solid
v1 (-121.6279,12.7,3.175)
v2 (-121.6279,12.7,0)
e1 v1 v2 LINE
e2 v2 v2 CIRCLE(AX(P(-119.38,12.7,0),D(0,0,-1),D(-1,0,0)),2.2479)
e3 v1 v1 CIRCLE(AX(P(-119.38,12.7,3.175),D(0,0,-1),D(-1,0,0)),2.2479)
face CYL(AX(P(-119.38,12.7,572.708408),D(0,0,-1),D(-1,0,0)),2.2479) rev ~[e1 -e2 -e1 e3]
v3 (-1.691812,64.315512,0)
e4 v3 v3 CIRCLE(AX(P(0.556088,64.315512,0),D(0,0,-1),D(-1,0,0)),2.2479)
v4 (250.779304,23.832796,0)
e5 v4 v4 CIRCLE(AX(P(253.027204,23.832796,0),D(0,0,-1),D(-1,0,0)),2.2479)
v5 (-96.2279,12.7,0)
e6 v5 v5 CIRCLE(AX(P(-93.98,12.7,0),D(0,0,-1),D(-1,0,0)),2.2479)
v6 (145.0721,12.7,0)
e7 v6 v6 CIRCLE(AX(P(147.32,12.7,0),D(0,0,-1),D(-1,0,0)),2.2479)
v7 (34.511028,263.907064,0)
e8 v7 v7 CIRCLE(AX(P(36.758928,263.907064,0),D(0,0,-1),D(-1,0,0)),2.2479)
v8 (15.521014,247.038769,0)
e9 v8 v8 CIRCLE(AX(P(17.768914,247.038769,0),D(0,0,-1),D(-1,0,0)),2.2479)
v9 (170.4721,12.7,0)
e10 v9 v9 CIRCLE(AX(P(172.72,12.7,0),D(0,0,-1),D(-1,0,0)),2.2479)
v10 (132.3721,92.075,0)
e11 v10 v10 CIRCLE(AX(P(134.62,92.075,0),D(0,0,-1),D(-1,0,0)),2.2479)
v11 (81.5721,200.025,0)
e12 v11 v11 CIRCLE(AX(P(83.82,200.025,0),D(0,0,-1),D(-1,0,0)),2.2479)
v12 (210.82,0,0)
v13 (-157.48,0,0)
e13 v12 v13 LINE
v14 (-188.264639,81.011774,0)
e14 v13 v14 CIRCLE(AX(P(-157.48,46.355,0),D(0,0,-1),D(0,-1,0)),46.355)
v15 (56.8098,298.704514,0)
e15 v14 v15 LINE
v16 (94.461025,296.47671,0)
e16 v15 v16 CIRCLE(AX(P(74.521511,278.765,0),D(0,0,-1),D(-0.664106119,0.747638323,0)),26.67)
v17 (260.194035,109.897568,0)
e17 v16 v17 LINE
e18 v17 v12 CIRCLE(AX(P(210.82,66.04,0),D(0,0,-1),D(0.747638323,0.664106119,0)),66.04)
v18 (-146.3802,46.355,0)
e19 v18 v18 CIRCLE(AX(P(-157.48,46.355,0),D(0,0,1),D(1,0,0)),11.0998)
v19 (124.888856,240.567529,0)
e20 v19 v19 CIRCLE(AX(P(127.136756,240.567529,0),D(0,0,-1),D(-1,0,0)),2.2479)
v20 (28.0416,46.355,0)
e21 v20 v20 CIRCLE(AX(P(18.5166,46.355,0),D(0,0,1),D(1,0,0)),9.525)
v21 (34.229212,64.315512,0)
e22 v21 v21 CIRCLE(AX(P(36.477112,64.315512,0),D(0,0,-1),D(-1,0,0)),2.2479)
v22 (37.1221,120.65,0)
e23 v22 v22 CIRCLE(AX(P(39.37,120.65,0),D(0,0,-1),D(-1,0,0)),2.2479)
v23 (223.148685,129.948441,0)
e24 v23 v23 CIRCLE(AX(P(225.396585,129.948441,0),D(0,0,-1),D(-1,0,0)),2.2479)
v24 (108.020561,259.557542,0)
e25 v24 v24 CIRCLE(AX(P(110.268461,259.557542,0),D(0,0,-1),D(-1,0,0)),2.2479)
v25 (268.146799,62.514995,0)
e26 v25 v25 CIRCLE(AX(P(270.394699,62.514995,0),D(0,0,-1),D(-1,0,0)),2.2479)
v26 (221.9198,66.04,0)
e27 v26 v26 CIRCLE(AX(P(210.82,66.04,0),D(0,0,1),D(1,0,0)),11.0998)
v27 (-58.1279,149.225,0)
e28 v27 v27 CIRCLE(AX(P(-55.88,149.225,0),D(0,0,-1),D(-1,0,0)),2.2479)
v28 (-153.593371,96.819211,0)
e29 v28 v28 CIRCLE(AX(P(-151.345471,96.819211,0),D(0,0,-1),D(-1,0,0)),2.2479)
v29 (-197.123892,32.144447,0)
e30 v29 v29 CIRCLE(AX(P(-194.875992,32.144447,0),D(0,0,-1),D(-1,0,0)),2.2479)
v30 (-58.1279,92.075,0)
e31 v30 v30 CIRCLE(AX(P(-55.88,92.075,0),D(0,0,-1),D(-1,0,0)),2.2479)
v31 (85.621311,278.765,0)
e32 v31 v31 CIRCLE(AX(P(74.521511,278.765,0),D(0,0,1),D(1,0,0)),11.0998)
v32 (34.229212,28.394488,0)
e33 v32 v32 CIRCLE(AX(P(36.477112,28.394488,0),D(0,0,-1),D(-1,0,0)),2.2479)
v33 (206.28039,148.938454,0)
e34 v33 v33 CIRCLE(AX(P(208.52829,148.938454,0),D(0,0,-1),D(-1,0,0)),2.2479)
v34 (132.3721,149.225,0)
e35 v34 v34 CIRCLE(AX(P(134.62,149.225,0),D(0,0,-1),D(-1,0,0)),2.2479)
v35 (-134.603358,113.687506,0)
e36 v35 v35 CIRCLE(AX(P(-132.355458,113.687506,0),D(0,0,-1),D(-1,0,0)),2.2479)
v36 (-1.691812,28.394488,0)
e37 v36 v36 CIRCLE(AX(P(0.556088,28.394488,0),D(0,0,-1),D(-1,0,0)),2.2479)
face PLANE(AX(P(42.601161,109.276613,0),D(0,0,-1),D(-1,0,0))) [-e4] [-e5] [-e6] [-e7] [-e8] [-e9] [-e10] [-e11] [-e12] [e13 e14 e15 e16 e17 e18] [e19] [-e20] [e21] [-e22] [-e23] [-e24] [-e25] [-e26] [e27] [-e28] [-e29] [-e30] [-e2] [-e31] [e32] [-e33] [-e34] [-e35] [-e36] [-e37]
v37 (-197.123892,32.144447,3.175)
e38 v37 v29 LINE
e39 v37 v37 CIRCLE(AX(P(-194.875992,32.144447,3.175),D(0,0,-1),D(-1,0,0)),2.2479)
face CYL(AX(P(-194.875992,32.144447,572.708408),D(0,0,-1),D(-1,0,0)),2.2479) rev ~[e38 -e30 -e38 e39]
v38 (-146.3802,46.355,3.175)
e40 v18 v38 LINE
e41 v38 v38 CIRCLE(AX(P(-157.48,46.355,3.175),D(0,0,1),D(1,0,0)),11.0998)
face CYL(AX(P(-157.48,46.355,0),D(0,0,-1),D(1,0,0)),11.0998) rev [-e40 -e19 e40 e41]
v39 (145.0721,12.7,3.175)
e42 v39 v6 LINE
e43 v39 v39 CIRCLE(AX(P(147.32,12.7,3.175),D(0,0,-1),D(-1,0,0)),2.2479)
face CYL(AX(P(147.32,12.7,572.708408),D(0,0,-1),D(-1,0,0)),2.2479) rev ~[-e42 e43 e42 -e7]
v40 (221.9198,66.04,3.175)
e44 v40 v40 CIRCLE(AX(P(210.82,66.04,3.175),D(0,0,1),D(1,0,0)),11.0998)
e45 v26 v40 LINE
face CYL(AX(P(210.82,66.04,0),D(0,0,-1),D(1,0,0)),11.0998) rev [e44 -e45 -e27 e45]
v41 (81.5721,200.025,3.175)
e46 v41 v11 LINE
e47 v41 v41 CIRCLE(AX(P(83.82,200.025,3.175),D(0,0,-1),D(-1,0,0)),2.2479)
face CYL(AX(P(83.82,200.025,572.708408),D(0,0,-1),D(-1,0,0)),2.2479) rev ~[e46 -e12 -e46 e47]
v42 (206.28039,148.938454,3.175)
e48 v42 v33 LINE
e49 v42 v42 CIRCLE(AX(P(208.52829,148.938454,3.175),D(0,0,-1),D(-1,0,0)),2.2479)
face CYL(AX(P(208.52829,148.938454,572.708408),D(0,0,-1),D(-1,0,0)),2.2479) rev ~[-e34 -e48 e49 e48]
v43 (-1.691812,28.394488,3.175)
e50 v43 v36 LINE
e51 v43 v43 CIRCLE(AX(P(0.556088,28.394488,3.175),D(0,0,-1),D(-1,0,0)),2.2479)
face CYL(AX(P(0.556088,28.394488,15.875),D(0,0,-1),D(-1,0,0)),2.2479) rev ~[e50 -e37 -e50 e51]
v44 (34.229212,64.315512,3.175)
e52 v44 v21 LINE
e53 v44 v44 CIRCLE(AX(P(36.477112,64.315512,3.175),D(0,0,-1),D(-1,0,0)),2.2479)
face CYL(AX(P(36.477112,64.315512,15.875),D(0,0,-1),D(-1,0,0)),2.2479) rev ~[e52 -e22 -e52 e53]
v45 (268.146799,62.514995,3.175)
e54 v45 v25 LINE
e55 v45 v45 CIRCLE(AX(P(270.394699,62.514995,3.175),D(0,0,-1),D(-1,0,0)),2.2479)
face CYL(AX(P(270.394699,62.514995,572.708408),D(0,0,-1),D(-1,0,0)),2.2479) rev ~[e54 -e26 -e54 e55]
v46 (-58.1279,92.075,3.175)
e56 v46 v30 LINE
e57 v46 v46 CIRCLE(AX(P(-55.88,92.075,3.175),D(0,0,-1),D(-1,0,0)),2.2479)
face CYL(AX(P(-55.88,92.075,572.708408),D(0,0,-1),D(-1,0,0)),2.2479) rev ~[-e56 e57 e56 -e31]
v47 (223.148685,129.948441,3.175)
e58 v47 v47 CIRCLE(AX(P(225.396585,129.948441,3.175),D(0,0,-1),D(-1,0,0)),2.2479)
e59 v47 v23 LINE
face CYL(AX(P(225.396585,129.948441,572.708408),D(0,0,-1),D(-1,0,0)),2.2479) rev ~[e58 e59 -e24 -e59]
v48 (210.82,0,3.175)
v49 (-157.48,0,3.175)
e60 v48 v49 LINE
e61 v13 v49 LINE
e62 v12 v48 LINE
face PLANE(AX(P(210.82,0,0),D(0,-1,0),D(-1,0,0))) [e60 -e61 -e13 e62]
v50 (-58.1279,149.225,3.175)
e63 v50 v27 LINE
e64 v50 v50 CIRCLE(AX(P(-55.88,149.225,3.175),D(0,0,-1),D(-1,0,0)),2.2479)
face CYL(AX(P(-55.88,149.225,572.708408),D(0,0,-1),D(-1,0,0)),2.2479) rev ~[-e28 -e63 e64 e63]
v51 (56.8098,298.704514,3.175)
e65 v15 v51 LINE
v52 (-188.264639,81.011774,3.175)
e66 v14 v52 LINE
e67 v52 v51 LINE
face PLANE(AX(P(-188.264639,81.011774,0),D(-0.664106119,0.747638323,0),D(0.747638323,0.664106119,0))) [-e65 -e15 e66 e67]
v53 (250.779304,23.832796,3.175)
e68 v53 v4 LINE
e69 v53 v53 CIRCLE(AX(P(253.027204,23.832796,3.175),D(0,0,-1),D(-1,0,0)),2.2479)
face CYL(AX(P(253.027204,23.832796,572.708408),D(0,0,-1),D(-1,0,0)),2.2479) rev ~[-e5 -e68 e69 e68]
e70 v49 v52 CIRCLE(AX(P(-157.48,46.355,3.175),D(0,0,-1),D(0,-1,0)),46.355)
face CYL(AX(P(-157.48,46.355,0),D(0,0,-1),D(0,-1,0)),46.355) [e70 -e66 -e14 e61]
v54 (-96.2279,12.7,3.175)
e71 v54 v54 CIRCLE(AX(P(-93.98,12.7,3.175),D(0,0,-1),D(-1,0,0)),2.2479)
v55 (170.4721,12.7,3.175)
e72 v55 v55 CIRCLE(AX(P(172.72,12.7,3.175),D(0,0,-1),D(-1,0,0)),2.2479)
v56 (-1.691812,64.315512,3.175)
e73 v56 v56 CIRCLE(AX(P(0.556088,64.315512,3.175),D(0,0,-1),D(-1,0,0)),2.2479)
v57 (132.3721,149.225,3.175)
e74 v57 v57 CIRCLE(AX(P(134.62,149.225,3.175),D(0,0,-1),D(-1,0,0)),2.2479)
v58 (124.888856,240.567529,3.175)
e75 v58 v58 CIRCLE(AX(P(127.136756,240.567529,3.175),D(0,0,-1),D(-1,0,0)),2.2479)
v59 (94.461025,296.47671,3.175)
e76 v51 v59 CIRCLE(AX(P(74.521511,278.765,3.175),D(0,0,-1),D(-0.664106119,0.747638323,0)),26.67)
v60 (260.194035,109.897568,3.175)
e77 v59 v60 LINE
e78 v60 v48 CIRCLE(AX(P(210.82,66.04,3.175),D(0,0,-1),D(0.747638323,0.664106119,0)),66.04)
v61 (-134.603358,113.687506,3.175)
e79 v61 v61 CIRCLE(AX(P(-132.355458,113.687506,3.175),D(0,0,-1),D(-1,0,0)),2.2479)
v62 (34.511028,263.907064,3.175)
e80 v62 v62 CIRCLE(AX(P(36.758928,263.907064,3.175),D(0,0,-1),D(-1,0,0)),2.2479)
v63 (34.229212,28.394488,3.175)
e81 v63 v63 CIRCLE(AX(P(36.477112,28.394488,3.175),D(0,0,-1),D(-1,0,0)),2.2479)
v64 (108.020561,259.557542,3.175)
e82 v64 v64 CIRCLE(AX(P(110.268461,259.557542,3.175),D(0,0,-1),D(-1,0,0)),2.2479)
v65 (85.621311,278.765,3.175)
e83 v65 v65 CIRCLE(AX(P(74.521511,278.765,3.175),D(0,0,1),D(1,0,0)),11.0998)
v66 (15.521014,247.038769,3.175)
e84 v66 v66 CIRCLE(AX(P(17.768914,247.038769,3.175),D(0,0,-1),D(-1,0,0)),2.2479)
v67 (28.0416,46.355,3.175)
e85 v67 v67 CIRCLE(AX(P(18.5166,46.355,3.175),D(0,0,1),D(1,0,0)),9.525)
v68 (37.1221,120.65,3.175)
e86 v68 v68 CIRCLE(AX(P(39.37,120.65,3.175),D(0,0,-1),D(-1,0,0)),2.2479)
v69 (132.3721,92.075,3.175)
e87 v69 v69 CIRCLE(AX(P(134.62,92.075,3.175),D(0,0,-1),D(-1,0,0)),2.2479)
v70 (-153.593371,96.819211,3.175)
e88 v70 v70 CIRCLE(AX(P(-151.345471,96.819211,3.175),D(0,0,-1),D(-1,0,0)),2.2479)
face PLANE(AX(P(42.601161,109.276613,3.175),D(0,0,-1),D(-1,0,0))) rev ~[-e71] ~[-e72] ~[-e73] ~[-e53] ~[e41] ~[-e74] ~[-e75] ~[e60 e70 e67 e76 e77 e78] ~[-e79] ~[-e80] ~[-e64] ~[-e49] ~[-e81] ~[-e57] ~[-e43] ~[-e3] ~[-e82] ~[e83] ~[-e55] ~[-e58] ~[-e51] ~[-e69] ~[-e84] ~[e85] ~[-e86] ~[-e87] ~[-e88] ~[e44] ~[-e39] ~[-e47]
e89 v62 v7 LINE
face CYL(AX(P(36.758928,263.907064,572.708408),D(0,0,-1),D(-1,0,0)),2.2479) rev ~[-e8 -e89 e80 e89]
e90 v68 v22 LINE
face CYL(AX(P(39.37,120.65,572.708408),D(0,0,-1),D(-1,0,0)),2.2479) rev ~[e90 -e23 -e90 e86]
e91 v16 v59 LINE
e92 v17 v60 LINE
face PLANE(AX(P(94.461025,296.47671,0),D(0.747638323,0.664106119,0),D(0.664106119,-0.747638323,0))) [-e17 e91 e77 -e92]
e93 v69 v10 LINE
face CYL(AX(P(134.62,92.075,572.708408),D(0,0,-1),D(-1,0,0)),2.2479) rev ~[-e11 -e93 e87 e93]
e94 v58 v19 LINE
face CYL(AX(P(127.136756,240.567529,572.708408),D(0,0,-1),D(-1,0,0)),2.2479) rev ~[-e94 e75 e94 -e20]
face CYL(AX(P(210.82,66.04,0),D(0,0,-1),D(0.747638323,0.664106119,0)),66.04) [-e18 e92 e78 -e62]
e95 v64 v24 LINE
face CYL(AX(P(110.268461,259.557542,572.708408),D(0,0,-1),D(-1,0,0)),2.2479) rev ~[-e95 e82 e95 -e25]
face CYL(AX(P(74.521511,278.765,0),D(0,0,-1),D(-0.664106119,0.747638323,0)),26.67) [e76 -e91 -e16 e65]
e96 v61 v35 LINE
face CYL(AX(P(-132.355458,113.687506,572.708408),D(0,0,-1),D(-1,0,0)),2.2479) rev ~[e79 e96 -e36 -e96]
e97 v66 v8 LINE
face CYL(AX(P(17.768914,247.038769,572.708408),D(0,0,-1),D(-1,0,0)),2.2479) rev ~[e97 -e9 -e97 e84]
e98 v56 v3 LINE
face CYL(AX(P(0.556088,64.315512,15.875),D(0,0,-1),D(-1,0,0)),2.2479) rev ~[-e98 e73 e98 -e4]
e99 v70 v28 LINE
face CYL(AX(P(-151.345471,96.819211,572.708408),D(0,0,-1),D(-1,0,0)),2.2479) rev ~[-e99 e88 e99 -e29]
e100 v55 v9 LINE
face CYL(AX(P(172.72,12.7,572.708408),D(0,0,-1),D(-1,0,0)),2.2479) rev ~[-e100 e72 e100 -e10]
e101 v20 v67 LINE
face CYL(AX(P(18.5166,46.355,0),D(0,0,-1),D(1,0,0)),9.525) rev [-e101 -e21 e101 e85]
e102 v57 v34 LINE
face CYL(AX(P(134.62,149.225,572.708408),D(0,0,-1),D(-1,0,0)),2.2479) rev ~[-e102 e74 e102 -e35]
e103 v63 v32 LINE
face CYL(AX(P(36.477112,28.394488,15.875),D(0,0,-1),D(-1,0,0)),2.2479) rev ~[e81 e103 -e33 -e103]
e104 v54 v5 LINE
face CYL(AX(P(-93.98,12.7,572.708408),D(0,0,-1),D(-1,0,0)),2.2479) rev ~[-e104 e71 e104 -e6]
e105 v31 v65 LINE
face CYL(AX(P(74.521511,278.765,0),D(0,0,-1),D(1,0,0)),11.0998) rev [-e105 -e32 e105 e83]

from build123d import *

# Parameters (mm, degrees)
SKETCH1_R                 = 11.0998
SKETCH1_R_2               = 9.525
BOSS_EXTRUDE1_DEPTH       = 3.175
F_8_CLEARANCE_HOLE1_D     = 4.4958
F_8_CLEARANCE_HOLE1_DEPTH = 12.7
F_8_CLEARANCE_HOLE1_TIP   = 1.350674586
F_8_CLEARANCE_HOLE2_D     = 4.4958


with BuildPart() as part:
    # Sketch1 → Boss-Extrude1 (new body)
    with BuildSketch(Plane.XY):
        with BuildLine():
            Line((-188.264639147, 81.011774484), (56.809800323, 298.704514086))
            ThreePointArc((56.809800323, 298.704514086), (76.096805757, 305.388436009), (94.461024604, 296.476710194))
            Line((94.461024604, 296.476710194), (260.194034881, 109.897568099))
            ThreePointArc((260.194034881, 109.897568099), (271.059668812, 38.975929697), (210.82, 0))
            Line((210.82, 0), (-157.48, 0))
            ThreePointArc((-157.48, 0), (-200.811863601, 29.88880366), (-188.264639147, 81.011774484))
        make_face()
        with Locations((-157.48, 46.355)):
            Circle(SKETCH1_R, mode=Mode.SUBTRACT)
        with Locations((74.521510517, 278.765)):
            Circle(SKETCH1_R, mode=Mode.SUBTRACT)
        with Locations((210.82, 66.04)):
            Circle(SKETCH1_R, mode=Mode.SUBTRACT)
        with Locations((18.5166, 46.355)):
            Circle(SKETCH1_R_2, mode=Mode.SUBTRACT)
    extrude(amount=BOSS_EXTRUDE1_DEPTH)

    # #8 Clearance Hole1
    with Locations(Plane.XY.offset(3.175)):
        with Locations((36.477112242, 64.315512242), (36.477112242, 28.394487758), (0.556087758, 28.394487758), (0.556087758, 64.315512242)):
            Hole(F_8_CLEARANCE_HOLE1_D / 2, depth=F_8_CLEARANCE_HOLE1_DEPTH)
            with Locations((0, 0, -(F_8_CLEARANCE_HOLE1_DEPTH + F_8_CLEARANCE_HOLE1_TIP / 2))):  # 118° drill point
                Cone(0, F_8_CLEARANCE_HOLE1_D / 2, F_8_CLEARANCE_HOLE1_TIP, mode=Mode.SUBTRACT)

    # #8 Clearance Hole2 (through all)
    with Locations(Plane.XY.offset(3.175)):
        with Locations((17.768914495, 247.038768822), (36.758927911, 263.907064244), (110.26846103, 259.557542359), (127.136756453, 240.567528943), (208.528289616, 148.938453927), (225.396585039, 129.948440511), (270.394698688, 62.514995218), (253.027203769, 23.832796231), (172.72, 12.7), (147.32, 12.7), (-93.98, 12.7), (-119.38, 12.7), (-194.875991874, 32.144446994), (-151.345471312, 96.81921091), (-132.355457896, 113.687506333), (-55.88, 149.225), (-55.88, 92.075), (134.62, 92.075), (134.62, 149.225), (83.82, 200.025), (39.37, 120.65)):
            Hole(F_8_CLEARANCE_HOLE2_D / 2)


solid = part.part
